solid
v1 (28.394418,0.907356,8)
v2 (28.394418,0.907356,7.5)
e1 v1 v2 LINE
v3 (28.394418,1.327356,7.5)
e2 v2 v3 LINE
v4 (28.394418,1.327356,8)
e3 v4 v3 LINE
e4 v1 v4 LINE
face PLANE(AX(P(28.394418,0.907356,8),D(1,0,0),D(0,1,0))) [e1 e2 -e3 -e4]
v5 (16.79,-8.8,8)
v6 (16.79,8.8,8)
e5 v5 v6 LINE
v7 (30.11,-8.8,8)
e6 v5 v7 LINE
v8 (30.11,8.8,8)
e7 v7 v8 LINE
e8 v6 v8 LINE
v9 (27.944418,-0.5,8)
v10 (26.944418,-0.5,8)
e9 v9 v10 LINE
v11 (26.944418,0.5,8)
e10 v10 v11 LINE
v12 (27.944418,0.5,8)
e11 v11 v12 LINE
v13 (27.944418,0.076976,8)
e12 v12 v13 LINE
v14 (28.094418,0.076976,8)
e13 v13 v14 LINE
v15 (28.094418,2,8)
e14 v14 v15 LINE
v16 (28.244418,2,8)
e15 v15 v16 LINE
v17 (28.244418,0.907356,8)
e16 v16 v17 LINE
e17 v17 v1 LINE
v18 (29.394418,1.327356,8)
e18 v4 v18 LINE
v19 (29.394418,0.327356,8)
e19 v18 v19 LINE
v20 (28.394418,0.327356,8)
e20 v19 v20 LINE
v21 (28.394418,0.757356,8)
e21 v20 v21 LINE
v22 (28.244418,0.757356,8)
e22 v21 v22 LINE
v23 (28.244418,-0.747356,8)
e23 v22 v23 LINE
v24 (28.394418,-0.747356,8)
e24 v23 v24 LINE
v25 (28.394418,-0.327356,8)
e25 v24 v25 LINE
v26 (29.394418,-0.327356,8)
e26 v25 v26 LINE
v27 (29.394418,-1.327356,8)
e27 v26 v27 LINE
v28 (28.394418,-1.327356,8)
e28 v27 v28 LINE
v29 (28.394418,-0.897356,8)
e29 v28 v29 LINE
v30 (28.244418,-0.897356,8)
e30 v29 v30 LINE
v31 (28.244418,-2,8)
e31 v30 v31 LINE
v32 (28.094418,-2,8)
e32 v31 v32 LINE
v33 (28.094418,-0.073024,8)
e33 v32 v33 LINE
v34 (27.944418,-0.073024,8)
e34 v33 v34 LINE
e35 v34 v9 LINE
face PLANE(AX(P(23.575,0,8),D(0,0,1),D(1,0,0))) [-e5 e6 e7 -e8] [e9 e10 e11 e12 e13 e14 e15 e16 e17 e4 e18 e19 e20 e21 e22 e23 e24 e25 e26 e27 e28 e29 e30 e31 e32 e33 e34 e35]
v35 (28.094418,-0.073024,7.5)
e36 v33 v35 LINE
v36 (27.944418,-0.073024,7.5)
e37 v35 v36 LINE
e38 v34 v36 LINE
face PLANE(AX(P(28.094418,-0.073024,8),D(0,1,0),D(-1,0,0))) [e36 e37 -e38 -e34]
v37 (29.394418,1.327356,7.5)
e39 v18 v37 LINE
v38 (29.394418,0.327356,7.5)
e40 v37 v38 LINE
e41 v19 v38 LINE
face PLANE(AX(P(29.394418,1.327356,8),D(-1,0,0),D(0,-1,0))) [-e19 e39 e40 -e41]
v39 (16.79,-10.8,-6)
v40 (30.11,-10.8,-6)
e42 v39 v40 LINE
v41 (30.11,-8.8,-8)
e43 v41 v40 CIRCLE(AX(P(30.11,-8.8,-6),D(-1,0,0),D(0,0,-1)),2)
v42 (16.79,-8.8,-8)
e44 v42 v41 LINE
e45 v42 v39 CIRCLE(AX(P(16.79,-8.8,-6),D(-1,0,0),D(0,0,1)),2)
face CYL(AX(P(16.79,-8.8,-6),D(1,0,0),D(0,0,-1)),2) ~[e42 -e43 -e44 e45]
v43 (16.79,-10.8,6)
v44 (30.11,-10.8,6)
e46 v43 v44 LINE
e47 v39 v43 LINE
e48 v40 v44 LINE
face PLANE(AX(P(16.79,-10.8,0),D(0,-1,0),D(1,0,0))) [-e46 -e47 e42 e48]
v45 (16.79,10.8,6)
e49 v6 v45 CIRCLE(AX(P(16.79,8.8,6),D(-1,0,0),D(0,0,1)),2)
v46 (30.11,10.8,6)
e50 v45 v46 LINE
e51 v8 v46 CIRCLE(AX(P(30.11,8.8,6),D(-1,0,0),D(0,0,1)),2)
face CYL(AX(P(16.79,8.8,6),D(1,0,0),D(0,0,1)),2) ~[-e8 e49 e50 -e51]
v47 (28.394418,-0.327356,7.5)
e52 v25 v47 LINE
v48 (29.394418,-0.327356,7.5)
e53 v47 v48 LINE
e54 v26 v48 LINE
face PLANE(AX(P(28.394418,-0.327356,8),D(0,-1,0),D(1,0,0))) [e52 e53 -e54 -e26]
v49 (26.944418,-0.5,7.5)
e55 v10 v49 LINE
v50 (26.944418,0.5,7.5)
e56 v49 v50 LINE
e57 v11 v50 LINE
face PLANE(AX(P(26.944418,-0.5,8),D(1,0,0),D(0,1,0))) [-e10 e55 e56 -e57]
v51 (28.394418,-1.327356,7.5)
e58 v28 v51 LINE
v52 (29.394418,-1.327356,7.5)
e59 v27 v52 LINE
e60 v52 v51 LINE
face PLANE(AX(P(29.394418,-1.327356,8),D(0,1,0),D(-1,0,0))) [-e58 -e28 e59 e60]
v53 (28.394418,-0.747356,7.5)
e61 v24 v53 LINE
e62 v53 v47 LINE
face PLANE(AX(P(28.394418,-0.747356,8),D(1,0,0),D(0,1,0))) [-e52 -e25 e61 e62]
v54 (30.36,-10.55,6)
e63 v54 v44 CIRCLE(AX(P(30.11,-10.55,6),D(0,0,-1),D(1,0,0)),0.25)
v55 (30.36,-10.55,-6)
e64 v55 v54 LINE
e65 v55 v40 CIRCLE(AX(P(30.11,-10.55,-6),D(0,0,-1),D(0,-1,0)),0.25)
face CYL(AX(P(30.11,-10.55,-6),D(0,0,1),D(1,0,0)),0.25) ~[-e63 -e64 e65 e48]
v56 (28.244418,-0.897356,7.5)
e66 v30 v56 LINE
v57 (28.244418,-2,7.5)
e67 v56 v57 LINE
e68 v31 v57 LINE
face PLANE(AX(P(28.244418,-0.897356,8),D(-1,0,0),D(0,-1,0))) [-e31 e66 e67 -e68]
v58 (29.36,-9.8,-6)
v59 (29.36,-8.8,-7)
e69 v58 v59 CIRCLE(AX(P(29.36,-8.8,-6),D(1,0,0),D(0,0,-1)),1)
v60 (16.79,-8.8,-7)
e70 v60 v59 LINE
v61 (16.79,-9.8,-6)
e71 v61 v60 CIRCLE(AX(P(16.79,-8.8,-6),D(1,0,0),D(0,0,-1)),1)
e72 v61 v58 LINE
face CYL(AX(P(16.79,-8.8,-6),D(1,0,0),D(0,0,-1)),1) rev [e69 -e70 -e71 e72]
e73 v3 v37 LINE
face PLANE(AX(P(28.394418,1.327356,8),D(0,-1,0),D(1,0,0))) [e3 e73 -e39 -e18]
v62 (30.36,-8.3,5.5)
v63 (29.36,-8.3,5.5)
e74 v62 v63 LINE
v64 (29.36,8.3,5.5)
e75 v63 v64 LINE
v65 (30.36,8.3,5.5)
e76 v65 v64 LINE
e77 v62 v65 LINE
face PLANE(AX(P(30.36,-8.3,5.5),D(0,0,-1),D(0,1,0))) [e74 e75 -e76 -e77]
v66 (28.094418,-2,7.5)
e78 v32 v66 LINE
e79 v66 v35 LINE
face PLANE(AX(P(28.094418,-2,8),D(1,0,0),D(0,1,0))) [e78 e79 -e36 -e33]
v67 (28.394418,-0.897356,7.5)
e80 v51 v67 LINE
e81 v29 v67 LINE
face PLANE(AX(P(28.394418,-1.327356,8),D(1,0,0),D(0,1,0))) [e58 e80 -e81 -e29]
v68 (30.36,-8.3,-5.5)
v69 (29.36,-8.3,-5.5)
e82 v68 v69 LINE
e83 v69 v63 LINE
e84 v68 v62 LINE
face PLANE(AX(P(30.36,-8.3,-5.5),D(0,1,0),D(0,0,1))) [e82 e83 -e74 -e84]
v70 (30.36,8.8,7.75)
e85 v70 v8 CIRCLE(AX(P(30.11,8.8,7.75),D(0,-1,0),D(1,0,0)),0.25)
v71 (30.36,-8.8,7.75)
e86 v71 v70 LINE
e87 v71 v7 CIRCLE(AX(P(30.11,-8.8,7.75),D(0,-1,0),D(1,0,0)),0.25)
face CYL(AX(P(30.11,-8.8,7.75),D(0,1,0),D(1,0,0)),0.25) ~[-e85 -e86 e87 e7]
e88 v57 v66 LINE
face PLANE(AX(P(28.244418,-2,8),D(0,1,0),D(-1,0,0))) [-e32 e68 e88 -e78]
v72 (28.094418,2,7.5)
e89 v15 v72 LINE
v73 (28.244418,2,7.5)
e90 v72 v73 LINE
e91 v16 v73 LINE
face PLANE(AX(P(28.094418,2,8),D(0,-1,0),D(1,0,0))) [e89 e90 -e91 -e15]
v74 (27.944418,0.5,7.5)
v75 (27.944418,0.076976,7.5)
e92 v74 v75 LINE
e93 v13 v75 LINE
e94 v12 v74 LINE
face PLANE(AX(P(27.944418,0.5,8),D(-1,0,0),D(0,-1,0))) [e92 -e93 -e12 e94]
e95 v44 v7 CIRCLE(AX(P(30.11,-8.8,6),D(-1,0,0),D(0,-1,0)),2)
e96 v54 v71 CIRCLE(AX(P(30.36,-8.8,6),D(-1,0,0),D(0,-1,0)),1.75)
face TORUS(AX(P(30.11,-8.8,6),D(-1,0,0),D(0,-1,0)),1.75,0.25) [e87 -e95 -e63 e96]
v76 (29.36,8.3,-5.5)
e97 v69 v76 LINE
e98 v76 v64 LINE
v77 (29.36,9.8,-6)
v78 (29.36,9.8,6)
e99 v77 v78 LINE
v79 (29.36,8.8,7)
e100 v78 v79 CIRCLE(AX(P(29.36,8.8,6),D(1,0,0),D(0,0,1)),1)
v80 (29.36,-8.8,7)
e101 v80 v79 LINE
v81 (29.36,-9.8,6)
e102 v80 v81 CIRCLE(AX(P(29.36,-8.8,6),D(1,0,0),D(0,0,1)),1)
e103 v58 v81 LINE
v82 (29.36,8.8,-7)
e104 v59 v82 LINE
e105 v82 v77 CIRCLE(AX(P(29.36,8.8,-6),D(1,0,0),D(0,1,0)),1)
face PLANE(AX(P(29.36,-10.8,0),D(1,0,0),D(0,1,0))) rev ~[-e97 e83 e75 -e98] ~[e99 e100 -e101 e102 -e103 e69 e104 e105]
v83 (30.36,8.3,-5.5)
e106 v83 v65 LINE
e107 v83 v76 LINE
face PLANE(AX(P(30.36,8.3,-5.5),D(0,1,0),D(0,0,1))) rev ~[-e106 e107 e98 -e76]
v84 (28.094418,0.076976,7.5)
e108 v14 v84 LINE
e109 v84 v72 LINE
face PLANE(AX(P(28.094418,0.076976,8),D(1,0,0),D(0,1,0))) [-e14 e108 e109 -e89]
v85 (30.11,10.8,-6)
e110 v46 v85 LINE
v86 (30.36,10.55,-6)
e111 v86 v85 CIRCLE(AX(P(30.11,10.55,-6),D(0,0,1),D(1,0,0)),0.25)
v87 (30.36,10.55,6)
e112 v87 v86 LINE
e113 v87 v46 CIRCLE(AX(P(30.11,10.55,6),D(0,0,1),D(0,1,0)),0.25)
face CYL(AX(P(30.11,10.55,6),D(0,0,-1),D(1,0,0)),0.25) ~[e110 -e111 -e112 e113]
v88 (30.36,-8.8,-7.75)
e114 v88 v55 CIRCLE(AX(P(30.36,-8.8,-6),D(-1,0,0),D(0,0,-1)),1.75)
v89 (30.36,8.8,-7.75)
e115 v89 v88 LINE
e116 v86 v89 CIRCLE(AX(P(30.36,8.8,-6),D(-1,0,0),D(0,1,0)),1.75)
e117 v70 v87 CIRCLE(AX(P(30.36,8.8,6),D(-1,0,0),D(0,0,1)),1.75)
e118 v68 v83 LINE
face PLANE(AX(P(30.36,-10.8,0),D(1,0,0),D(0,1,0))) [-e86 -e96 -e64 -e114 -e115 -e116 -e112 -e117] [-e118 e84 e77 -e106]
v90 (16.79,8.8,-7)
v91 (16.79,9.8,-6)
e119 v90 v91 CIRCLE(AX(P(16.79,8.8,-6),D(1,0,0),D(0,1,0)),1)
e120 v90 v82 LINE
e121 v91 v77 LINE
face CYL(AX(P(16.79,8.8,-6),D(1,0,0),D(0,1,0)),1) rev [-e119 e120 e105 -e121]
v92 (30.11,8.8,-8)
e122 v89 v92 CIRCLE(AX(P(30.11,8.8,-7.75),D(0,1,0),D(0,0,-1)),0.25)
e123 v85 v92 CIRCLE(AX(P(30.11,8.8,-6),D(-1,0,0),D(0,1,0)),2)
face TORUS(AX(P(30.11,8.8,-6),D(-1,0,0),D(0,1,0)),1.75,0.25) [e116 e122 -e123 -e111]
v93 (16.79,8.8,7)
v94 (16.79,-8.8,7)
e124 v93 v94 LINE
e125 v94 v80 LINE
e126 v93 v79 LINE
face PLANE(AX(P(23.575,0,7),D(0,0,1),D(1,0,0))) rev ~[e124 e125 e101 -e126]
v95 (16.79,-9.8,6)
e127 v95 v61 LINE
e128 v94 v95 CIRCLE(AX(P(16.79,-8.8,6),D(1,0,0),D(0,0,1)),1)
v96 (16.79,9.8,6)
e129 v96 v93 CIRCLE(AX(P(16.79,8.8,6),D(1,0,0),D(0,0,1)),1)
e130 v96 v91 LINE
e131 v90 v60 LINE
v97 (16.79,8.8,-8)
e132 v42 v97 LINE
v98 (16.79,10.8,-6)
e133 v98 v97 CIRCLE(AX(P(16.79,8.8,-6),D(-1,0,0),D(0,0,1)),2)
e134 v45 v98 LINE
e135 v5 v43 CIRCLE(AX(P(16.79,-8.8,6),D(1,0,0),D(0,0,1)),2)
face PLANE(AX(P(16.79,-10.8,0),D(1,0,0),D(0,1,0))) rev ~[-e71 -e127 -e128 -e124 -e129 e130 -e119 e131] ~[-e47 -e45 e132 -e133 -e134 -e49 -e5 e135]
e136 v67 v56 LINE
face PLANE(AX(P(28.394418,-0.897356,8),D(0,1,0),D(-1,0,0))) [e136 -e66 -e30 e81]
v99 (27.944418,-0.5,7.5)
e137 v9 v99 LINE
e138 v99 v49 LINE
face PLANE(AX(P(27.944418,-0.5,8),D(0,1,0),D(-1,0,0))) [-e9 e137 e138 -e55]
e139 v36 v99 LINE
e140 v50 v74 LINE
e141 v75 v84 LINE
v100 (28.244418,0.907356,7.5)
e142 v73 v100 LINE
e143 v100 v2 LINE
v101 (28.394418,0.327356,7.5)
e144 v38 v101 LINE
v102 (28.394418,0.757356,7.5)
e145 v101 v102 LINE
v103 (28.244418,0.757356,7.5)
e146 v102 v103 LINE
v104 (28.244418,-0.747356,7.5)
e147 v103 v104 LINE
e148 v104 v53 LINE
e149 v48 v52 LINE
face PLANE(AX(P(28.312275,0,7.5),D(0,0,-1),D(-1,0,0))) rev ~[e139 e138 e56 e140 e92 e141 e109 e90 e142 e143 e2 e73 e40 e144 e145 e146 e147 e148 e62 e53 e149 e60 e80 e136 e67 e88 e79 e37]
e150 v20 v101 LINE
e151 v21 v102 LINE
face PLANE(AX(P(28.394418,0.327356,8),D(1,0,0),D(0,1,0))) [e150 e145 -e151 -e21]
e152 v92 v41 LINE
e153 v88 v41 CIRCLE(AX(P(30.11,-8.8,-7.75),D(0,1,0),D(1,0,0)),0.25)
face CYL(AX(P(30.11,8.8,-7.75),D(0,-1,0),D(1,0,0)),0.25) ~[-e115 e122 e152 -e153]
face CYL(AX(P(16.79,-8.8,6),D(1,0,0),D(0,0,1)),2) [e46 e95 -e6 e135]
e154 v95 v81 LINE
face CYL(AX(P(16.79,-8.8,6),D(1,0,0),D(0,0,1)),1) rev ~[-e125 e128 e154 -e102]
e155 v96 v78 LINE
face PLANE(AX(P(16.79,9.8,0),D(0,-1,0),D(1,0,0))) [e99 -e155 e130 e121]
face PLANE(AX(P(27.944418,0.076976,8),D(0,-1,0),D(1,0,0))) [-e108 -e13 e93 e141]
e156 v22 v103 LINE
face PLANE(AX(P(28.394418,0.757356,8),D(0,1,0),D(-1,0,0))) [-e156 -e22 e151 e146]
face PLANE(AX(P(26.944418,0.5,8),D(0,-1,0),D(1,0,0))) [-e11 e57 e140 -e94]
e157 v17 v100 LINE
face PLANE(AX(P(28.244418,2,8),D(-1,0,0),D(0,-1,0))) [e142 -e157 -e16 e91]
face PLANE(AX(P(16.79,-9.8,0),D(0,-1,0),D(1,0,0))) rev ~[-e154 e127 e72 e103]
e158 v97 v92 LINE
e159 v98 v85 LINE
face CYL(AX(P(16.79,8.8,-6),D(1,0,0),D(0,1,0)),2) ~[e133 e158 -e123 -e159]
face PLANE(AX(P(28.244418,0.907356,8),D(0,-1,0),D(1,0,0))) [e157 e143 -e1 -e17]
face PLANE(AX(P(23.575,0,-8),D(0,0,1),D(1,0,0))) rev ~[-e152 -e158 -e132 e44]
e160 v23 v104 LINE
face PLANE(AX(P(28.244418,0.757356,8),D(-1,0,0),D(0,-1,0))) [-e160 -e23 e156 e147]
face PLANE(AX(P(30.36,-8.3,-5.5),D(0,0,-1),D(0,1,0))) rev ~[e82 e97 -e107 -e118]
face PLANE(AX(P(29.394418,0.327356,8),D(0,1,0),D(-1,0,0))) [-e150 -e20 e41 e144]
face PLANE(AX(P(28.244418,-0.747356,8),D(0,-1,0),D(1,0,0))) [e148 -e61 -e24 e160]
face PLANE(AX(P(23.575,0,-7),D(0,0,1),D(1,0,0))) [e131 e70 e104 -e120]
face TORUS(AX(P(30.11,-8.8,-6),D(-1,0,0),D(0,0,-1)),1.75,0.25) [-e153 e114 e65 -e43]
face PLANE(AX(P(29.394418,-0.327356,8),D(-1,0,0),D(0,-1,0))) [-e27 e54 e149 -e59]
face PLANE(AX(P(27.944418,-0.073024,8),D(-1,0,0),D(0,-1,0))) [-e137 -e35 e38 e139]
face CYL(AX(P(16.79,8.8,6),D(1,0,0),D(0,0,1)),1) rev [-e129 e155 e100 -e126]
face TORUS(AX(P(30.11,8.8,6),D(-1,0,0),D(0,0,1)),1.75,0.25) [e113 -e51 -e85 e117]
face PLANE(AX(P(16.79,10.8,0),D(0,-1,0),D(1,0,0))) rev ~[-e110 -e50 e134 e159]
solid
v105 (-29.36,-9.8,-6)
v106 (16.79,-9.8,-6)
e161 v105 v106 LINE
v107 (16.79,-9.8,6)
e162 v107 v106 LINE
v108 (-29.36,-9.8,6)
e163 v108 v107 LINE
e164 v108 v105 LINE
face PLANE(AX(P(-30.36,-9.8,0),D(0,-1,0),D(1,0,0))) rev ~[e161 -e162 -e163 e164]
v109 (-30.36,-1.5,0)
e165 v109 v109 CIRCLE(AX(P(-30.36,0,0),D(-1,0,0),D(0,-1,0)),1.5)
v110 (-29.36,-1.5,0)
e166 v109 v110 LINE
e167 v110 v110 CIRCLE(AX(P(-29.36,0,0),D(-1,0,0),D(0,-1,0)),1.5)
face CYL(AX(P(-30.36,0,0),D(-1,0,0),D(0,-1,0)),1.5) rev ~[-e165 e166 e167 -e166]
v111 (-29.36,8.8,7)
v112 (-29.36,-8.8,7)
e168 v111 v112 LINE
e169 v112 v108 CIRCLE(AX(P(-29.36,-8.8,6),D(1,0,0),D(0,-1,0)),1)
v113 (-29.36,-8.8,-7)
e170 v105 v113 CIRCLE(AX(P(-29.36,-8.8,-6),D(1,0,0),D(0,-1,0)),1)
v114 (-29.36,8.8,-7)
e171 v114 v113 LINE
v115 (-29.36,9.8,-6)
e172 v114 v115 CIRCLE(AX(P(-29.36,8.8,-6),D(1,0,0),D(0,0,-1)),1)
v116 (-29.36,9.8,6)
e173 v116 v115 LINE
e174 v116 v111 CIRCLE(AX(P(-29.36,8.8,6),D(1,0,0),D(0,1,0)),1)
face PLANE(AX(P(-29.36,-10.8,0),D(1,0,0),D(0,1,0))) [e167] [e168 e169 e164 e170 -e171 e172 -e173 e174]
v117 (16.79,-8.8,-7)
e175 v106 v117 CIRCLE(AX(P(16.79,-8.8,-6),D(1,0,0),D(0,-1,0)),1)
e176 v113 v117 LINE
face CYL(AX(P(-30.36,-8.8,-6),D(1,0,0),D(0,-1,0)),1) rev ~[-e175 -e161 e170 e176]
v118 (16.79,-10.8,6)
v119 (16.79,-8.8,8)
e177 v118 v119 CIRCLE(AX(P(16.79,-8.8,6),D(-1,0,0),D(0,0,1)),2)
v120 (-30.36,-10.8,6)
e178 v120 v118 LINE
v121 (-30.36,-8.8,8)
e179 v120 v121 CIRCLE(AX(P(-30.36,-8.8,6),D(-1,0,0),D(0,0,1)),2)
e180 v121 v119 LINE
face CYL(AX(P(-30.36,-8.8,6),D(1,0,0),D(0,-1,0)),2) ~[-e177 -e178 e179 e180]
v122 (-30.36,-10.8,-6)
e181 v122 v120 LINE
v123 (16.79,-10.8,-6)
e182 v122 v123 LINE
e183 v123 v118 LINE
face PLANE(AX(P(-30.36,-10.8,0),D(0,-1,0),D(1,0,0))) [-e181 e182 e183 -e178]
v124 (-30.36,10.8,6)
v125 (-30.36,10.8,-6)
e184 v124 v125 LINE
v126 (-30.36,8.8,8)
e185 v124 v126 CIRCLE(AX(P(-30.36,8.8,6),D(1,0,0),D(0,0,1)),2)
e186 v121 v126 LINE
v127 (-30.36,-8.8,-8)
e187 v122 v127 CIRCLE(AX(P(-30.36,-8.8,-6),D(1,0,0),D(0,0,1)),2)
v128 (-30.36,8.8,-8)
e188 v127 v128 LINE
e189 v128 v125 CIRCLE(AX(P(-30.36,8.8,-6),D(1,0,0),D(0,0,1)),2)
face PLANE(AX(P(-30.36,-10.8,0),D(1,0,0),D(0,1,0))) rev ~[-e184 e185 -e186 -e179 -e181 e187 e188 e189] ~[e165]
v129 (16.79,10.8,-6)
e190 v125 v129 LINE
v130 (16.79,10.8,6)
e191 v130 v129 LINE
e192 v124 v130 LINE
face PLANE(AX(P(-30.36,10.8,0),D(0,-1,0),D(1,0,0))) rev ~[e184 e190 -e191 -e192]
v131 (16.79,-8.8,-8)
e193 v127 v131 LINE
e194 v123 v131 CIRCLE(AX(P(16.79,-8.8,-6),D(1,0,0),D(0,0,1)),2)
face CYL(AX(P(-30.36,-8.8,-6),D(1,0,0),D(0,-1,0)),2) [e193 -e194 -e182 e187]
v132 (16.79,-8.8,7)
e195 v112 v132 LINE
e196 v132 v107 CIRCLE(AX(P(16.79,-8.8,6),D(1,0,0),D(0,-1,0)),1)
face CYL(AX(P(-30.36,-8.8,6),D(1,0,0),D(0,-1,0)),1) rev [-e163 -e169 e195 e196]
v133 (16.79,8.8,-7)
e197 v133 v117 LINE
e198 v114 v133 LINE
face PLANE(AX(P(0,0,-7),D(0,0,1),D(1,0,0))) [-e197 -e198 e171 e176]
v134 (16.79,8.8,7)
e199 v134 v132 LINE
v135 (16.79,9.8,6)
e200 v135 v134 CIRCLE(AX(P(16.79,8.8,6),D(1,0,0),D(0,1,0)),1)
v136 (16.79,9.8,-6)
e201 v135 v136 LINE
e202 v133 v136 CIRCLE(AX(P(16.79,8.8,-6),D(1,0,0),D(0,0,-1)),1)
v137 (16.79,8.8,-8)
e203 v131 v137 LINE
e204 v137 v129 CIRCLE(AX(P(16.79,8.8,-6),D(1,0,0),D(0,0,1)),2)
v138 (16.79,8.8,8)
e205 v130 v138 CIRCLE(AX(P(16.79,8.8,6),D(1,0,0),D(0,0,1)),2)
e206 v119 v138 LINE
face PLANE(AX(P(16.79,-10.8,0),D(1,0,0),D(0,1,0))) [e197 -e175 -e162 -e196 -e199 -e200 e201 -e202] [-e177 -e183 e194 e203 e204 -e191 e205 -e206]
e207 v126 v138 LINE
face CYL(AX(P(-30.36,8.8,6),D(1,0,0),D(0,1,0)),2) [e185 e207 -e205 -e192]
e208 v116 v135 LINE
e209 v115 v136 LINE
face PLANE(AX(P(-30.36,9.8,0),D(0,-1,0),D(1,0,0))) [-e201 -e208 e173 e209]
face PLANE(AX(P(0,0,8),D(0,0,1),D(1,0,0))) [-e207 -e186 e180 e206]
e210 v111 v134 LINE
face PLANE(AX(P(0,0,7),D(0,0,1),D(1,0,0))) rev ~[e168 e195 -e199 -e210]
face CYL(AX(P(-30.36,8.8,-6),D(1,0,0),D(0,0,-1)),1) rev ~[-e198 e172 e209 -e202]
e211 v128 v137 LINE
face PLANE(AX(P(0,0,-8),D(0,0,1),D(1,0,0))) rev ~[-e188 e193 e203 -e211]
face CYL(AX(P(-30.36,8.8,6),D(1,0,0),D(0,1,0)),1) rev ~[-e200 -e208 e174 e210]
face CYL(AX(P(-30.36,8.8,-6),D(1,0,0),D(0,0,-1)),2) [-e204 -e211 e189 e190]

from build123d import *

# Parameters (mm, degrees)
SKETCH_W        = 60.72
SKETCH_H        = 21.6
PAD_DEPTH       = 8
SKETCH001_W     = 13.57
SKETCH001_H     = 21.6
POCKET_DEPTH    = 10
FILLET_R        = 2
THICKNESS_T     = -1
SKETCH006_R     = 1.5
POCKET003_DEPTH = 5
SKETCH003_W     = 13.57
SKETCH003_H     = 21.6
PAD001_DEPTH    = 8
FILLET001_R     = 2
THICKNESS001_T  = -1
SKETCH004_W     = 16.6
SKETCH004_H     = 11
POCKET001_DEPTH = 5
POCKET002_DEPTH = 0.5
FILLET002_R     = 0.25


with BuildPart() as body:
    # Sketch → Pad (new body, symmetric)
    with BuildSketch(Plane.XY):
        Rectangle(SKETCH_W, SKETCH_H)
    extrude(amount=PAD_DEPTH, both=True)

    # Sketch001 → Pocket (cut, symmetric)
    with BuildSketch(Plane.XY):
        with Locations((23.575, 0)):
            Rectangle(SKETCH001_W, SKETCH001_H)
    extrude(amount=POCKET_DEPTH, both=True, mode=Mode.SUBTRACT)

    # Fillet
    fillet_edges = [body.edges().sort_by_distance(p)[0] for p in [
        (-6.785, -10.8, -8),
        (-6.785, 10.8, -8),
        (-6.785, -10.8, 8),
        (-6.785, 10.8, 8),
    ]]
    fillet(fillet_edges, radius=FILLET_R)

    # Thickness
    thickness_openings = [body.faces().sort_by_distance(p)[0] for p in [
        (16.79, 0, 0),
    ]]
    offset(amount=THICKNESS_T, openings=thickness_openings, kind=Kind.INTERSECTION)

    # Sketch006 (on Face4 of Thickness) → Pocket003 (cut)
    with BuildSketch(Plane(origin=(-30.36, 0, 0), x_dir=(0, -1, 0), z_dir=(-1, 0, 0))):
        Circle(SKETCH006_R)
    extrude(amount=-POCKET003_DEPTH, mode=Mode.SUBTRACT)


with BuildPart() as body001:
    # Sketch003 → Pad001 (new body, symmetric)
    with BuildSketch(Plane.XY):
        with Locations((23.575, 0)):
            Rectangle(SKETCH003_W, SKETCH003_H)
    extrude(amount=PAD001_DEPTH, both=True)

    # Fillet001
    fillet001_edges = [body001.edges().sort_by_distance(p)[0] for p in [
        (23.575, -10.8, 8),
        (23.575, -10.8, -8),
        (23.575, 10.8, 8),
        (23.575, 10.8, -8),
    ]]
    fillet(fillet001_edges, radius=FILLET001_R)

    # Thickness001
    thickness001_openings = [body001.faces().sort_by_distance(p)[0] for p in [
        (16.79, 0, 0),
    ]]
    offset(amount=THICKNESS001_T, openings=thickness001_openings, kind=Kind.INTERSECTION)

    # Sketch004 (on Face4 of Thickness001) → Pocket001 (cut)
    with BuildSketch(Plane.YZ.offset(30.36)):
        Rectangle(SKETCH004_W, SKETCH004_H)
    extrude(amount=-POCKET001_DEPTH, mode=Mode.SUBTRACT)

    # Sketch005 (on Face8 of Pocket001) → Pocket002 (cut)
    with BuildSketch(Plane.XY.offset(8)):
        Polygon((28.394418, -0.327356), (29.394418, -0.327356), (29.394418, -1.327356), (28.394418, -1.327356), (28.394418, -0.897356), (28.244418, -0.897356), (28.244418, -2), (28.094418, -2), (28.094418, -0.073024), (27.944418, -0.073024), (27.944418, -0.5), (26.944418, -0.5), (26.944418, 0.5), (27.944418, 0.5), (27.944418, 0.076976), (28.094418, 0.076976), (28.094418, 2), (28.244418, 2), (28.244418, 0.907356), (28.394418, 0.907356), (28.394418, 1.327356), (29.394418, 1.327356), (29.394418, 0.327356), (28.394418, 0.327356), (28.394418, 0.757356), (28.244418, 0.757356), (28.244418, -0.747356), (28.394418, -0.747356), align=None)
    extrude(amount=-POCKET002_DEPTH, mode=Mode.SUBTRACT)

    # Fillet002
    fillet002_edges = [body001.edges().sort_by_distance(p)[0] for p in [
        (30.36, 0, 8),
        (30.36, -10.214214, 7.414214),
        (30.36, -10.8, 0),
        (30.36, -10.214214, -7.414214),
        (30.36, 0, -8),
        (30.36, 10.214214, -7.414214),
        (30.36, 10.8, 0),
        (30.36, 10.214214, 7.414214),
    ]]
    fillet(fillet002_edges, radius=FILLET002_R)


solid = Compound([body.part, body001.part])
